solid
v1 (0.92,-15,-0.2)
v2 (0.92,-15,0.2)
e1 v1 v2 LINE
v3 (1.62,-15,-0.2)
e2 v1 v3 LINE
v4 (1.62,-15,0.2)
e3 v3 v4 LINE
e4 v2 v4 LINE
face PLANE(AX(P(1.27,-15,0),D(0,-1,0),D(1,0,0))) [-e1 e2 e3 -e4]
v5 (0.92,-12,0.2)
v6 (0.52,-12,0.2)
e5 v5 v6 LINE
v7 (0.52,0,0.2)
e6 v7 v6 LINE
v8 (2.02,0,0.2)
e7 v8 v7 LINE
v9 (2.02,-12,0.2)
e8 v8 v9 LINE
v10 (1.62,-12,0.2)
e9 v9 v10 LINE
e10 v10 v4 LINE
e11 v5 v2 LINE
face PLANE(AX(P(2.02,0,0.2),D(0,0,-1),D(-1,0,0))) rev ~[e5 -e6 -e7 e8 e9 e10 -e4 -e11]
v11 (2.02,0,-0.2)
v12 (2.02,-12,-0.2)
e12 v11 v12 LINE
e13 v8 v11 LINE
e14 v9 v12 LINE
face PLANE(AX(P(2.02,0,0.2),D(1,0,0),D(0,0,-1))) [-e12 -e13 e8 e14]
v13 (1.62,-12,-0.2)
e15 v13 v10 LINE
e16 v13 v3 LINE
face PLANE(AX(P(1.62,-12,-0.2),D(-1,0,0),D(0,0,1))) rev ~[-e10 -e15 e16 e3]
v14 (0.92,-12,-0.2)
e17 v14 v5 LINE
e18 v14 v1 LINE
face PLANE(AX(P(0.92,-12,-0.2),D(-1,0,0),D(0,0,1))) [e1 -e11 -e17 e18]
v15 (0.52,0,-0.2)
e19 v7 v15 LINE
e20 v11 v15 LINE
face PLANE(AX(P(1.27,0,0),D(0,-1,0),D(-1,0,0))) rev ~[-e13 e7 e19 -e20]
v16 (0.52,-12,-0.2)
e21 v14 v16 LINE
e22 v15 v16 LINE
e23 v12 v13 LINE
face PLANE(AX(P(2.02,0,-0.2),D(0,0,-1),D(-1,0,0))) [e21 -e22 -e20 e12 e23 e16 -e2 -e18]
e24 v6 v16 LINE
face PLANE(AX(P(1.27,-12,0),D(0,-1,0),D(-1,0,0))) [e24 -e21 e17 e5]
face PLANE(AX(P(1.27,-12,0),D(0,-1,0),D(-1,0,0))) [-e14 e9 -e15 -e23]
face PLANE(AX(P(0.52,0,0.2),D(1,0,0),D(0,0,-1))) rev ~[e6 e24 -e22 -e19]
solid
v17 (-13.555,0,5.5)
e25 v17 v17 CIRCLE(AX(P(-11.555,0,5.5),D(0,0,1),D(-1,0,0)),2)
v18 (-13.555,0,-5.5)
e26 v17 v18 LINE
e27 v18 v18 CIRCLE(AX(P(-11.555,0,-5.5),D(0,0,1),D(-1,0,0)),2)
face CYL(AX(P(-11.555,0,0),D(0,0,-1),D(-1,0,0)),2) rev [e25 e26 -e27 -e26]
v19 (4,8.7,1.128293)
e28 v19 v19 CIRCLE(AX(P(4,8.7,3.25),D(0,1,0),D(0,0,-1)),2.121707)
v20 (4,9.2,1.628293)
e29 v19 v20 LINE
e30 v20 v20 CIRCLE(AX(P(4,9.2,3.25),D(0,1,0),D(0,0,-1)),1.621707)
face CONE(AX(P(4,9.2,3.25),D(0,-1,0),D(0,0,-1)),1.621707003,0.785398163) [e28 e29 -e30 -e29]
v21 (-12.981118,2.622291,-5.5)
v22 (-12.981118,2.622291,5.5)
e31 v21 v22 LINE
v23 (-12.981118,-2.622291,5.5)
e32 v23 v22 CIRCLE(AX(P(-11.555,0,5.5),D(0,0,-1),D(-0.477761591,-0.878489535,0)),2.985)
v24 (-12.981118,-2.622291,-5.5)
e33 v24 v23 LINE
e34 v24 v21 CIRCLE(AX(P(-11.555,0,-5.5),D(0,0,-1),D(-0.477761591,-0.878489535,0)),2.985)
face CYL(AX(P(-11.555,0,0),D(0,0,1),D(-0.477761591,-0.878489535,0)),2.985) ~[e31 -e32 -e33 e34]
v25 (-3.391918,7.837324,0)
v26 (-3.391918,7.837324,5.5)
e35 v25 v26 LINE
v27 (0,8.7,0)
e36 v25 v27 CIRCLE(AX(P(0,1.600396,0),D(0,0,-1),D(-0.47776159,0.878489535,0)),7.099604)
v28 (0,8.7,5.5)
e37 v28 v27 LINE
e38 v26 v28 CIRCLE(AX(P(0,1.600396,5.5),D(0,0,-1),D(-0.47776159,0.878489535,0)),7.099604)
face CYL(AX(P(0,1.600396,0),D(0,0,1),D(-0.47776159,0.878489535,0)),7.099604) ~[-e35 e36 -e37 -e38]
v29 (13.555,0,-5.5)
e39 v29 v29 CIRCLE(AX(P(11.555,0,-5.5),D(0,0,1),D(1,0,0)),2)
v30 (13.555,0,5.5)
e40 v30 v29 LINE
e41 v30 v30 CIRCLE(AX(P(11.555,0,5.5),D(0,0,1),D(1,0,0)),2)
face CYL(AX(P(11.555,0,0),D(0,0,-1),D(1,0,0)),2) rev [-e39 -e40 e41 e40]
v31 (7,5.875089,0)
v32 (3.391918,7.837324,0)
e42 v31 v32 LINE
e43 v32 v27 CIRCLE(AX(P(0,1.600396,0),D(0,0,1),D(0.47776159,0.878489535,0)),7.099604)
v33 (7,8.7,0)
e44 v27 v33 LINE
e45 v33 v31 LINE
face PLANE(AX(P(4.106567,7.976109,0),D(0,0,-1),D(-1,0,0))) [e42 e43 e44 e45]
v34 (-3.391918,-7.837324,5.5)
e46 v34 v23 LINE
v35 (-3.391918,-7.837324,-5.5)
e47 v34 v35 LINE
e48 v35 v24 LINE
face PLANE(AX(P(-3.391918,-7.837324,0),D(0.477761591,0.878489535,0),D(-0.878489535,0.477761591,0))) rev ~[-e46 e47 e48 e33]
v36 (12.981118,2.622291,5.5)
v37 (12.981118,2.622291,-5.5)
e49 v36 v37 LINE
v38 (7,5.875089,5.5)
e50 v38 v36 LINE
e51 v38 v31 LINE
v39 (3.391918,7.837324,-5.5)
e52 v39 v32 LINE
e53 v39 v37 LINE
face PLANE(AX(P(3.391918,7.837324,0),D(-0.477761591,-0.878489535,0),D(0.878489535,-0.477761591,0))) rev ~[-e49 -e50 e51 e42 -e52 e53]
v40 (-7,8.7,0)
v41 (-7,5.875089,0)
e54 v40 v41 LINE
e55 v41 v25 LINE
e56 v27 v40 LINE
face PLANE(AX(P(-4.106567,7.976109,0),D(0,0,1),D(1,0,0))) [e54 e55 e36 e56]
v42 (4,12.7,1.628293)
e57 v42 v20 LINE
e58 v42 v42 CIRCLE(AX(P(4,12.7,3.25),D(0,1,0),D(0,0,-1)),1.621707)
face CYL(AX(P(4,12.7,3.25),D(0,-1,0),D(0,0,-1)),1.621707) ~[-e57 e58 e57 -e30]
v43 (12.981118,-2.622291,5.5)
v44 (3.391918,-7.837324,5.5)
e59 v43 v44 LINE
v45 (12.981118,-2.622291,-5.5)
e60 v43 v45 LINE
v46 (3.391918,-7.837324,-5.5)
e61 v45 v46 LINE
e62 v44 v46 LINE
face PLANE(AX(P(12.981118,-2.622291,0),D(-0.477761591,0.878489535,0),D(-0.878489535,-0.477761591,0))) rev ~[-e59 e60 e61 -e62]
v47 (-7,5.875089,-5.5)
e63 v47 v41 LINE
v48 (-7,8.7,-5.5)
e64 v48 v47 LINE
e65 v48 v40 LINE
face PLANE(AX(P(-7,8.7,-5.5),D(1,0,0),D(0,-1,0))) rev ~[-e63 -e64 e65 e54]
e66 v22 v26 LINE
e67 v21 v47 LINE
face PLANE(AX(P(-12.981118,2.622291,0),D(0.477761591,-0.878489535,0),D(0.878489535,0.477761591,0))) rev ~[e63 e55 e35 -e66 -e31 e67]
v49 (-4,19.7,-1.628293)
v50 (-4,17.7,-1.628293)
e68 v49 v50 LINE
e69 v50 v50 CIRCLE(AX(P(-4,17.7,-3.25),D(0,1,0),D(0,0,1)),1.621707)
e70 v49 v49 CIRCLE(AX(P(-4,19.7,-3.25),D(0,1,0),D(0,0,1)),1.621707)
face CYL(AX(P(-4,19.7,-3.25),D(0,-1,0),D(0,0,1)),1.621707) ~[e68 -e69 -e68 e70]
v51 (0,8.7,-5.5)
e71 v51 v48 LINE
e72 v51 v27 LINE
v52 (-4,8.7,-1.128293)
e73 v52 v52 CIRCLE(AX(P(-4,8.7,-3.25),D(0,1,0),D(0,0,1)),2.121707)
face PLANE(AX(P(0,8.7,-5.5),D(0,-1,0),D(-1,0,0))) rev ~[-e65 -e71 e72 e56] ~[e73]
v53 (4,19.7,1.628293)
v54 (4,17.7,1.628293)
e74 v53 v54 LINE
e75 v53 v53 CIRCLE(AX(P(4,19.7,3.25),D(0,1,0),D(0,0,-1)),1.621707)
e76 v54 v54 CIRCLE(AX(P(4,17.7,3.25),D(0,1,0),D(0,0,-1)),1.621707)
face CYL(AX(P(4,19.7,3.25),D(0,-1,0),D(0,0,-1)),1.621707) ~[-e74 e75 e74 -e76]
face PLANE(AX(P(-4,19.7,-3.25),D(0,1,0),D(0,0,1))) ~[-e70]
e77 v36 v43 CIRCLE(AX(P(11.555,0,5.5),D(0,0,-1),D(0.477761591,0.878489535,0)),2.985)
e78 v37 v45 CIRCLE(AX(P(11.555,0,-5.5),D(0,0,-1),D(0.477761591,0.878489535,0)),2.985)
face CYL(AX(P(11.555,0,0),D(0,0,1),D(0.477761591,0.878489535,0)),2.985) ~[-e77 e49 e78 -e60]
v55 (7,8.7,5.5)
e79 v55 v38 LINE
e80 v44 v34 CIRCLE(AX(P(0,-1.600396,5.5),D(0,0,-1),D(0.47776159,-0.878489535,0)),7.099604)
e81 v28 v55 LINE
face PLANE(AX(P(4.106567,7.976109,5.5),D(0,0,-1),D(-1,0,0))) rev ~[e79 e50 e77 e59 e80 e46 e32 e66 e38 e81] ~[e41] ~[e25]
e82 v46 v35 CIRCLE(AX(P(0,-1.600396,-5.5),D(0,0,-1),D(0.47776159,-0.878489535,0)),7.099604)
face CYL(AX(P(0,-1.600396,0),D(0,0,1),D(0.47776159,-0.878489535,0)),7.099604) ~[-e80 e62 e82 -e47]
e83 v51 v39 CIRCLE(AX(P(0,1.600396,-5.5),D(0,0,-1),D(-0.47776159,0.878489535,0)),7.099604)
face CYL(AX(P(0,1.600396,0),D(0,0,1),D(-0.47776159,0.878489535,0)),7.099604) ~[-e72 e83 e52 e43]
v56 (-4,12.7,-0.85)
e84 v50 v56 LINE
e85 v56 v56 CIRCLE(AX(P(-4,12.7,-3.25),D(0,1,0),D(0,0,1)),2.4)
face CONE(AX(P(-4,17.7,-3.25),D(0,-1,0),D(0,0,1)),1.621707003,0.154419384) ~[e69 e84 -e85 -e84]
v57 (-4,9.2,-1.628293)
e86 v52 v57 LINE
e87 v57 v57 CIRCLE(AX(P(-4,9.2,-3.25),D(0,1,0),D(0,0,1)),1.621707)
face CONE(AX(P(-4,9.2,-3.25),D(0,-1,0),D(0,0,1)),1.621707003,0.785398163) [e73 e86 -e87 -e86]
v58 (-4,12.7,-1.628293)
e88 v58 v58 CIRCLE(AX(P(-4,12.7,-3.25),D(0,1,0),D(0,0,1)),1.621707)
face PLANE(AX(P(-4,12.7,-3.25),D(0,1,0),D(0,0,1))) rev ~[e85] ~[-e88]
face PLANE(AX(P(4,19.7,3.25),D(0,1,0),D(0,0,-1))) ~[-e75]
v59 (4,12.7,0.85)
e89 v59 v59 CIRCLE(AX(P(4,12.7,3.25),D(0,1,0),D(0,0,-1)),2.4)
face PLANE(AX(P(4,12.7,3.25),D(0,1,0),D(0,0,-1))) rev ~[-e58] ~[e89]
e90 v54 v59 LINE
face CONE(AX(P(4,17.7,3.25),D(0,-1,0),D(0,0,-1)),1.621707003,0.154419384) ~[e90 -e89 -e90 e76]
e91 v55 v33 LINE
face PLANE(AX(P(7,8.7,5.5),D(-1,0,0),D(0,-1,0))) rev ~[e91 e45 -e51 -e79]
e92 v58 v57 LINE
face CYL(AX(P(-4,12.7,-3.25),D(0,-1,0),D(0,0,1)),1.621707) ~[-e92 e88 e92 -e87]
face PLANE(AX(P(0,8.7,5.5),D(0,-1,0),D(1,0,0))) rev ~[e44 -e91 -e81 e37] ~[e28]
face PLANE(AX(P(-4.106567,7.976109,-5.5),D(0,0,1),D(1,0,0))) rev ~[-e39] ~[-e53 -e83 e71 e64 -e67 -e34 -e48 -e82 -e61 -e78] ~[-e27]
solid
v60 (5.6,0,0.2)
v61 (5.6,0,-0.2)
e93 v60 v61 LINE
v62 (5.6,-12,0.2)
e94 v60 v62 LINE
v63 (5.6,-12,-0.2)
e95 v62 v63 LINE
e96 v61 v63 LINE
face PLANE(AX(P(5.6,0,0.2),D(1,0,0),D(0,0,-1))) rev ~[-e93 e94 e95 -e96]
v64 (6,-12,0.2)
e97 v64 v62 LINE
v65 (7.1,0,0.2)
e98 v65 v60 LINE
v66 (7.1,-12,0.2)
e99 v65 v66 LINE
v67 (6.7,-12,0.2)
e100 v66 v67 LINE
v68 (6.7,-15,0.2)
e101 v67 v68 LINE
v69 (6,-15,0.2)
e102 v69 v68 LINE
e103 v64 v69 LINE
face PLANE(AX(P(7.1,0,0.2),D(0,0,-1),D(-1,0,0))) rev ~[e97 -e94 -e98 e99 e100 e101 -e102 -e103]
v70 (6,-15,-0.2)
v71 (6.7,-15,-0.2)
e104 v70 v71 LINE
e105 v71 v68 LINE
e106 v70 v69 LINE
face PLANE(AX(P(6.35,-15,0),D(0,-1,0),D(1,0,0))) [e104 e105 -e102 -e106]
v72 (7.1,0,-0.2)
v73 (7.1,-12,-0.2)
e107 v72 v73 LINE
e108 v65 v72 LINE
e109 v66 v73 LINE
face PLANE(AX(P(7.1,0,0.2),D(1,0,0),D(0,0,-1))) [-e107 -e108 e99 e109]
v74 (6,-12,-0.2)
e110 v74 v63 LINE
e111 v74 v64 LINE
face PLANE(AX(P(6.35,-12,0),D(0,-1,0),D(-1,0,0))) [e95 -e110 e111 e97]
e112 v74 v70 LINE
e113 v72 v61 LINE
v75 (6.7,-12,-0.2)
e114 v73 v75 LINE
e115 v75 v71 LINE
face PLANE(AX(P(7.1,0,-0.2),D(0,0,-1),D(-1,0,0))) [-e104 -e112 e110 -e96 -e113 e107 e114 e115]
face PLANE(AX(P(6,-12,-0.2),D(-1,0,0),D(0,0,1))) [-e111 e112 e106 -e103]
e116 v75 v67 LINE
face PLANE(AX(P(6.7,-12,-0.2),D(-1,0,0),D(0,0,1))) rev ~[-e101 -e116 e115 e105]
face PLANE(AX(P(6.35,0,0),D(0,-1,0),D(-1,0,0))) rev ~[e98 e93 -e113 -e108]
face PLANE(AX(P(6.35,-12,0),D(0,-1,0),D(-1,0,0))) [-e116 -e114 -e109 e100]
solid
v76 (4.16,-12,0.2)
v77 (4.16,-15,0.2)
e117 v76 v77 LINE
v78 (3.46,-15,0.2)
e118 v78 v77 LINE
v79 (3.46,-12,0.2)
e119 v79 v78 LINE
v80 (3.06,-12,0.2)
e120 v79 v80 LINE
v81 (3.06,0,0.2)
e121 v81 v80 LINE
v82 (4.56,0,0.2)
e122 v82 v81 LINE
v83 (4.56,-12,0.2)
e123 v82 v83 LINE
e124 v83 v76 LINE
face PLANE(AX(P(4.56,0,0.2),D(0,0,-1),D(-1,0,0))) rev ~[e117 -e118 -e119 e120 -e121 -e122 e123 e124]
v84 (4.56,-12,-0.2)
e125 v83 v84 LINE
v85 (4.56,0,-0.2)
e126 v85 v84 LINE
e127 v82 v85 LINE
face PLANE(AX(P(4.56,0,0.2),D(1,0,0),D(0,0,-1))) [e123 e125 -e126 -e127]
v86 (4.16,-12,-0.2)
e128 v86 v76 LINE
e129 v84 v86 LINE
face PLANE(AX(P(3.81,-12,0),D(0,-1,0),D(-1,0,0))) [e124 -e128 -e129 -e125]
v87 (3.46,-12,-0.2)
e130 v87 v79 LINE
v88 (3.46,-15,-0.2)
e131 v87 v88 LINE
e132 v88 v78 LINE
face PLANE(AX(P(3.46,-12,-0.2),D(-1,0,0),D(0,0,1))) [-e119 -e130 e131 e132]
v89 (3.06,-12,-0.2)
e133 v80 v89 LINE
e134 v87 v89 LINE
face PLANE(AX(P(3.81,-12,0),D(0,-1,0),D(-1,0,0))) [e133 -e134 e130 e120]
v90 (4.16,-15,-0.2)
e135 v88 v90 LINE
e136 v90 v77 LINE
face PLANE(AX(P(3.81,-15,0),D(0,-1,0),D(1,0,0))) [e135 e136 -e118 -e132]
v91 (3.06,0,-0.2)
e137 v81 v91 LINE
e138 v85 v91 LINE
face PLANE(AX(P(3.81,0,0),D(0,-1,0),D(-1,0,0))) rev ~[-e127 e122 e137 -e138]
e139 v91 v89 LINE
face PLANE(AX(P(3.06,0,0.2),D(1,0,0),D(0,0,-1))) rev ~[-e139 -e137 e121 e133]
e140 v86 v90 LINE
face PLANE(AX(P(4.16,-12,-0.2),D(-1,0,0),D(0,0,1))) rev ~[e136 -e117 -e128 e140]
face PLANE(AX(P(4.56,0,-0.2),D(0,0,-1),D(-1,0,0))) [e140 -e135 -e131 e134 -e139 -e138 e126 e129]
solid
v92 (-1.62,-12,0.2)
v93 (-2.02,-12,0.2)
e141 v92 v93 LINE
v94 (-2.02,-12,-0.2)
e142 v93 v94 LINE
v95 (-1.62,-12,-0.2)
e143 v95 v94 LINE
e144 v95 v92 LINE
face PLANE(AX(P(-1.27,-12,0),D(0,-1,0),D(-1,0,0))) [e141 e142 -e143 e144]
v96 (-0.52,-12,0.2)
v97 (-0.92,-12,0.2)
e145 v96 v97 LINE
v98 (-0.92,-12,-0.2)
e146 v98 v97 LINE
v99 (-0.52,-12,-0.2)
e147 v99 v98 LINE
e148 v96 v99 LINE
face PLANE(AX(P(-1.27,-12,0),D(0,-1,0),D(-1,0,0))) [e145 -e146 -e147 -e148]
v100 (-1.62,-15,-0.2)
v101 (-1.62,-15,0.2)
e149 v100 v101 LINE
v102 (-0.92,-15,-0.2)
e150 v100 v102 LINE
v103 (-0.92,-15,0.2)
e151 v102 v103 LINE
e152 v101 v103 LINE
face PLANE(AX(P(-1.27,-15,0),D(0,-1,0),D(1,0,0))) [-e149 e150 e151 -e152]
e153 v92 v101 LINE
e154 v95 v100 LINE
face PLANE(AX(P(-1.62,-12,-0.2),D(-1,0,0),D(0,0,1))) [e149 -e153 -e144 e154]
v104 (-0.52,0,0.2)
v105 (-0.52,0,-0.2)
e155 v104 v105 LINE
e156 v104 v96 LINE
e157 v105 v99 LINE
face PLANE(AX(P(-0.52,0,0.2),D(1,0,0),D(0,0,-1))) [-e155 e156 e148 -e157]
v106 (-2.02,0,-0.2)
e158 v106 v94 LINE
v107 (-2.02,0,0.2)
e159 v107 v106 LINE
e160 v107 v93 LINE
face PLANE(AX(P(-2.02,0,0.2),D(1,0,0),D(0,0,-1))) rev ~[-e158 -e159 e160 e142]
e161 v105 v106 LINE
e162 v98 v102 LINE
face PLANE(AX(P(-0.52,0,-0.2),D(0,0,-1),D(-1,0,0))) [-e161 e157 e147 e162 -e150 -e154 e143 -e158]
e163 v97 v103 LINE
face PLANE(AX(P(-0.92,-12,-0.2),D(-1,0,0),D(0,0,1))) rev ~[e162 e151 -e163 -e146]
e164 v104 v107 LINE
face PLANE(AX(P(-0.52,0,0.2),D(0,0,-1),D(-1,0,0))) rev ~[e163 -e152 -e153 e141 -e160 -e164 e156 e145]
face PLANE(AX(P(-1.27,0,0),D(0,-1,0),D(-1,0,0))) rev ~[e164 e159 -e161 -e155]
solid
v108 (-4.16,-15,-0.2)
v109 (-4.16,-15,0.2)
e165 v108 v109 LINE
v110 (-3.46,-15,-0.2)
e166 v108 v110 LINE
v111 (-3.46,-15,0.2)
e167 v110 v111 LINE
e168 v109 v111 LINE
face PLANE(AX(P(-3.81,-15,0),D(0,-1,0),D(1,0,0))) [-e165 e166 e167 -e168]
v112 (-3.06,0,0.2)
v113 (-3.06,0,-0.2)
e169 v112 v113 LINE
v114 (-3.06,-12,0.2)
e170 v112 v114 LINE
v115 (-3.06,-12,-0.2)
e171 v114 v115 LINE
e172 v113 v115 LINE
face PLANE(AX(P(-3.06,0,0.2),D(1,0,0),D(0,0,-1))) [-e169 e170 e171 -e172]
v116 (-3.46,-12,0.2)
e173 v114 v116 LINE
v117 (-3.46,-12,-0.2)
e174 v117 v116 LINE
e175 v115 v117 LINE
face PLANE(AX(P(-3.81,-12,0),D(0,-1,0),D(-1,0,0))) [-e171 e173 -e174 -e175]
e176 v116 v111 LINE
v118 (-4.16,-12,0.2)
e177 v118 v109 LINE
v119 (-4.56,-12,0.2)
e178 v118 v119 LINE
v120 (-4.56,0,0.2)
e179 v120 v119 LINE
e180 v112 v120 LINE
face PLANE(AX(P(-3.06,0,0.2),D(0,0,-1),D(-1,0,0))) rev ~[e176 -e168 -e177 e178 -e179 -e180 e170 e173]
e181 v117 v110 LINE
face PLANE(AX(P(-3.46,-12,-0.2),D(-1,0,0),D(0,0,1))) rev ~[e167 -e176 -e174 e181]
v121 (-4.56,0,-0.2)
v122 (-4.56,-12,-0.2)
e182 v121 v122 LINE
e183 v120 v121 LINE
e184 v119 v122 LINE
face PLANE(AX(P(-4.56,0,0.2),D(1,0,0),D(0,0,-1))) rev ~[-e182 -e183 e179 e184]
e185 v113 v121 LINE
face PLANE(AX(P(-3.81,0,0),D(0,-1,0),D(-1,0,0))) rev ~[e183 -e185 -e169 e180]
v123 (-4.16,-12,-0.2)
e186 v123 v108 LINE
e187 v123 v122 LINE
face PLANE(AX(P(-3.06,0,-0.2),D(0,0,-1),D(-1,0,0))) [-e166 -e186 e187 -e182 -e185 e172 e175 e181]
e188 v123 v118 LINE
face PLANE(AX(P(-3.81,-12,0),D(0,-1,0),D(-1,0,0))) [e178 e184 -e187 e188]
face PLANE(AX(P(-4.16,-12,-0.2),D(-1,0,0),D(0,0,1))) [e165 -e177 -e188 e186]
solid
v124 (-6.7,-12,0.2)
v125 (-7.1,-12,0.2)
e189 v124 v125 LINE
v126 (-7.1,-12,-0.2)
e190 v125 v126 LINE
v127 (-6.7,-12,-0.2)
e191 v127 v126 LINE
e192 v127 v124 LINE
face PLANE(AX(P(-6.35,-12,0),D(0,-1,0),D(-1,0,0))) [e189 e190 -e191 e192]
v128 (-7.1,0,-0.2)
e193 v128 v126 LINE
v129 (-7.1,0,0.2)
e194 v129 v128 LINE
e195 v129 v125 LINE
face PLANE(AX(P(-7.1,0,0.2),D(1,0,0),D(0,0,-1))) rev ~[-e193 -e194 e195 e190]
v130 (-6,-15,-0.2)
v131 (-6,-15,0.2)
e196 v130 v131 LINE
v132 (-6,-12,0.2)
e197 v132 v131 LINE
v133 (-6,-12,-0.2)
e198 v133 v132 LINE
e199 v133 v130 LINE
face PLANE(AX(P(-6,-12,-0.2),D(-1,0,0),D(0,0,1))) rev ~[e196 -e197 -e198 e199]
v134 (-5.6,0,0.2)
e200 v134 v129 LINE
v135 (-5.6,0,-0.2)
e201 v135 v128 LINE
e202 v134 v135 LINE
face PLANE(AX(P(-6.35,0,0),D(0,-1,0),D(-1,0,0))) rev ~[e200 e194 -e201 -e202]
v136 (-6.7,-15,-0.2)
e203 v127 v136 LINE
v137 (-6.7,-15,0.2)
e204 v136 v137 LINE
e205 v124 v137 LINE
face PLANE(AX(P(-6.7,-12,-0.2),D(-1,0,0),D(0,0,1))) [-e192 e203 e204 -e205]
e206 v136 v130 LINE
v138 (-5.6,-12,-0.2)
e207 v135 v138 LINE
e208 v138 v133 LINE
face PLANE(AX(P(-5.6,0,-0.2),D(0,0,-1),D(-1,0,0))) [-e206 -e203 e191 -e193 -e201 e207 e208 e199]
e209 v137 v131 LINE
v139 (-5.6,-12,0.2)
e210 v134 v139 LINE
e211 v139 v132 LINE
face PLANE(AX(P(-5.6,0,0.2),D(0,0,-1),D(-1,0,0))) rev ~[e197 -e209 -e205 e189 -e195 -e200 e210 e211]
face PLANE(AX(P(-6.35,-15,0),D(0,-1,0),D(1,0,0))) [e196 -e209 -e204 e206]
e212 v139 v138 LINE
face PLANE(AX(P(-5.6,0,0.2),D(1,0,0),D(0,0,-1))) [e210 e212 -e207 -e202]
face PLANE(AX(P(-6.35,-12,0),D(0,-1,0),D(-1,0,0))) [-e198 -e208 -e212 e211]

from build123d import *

# Parameters (mm, degrees)
ESQUISSE1_R                  = 2
BOSS_EXTRU_1_DEPTH           = 5.5
BOSS_EXTRU_3_DEPTH           = 5.5
R_P_TITION_CIRCULAIRE1_COUNT = 2
CHANFREIN1_SIZE              = 0.5
ESQUISSE5_W                  = 1.5
ESQUISSE5_H                  = 0.4
BOSS_EXTRU_4_DEPTH           = 12
BOSS_EXTRU_4_2_DEPTH         = 12
BOSS_EXTRU_4_3_DEPTH         = 12
BOSS_EXTRU_4_4_DEPTH         = 12
BOSS_EXTRU_4_5_DEPTH         = 12
BOSS_EXTRU_4_6_DEPTH         = 12
ESQUISSE6_W                  = 0.7
ESQUISSE6_H                  = 0.4
BOSS_EXTRU_5_DEPTH           = 3


with BuildPart() as part:
    # Esquisse1 → Boss.-Extru.1 (new, symmetric)
    with BuildSketch(Plane.XY):
        with BuildLine():
            Line((3.391918261, 7.837323774), (12.981118348, 2.622291261))
            ThreePointArc((12.981118348, 2.622291261), (14.54, 0), (12.981118348, -2.622291261))
            Line((12.981118348, -2.622291261), (3.391918261, -7.837323774))
            ThreePointArc((3.391918261, -7.837323774), (0, -8.7), (-3.391918261, -7.837323774))
            Line((-3.391918261, -7.837323774), (-12.981118348, -2.622291261))
            ThreePointArc((-12.981118348, -2.622291261), (-14.54, 0), (-12.981118348, 2.622291261))
            Line((-12.981118348, 2.622291261), (-3.391918261, 7.837323774))
            ThreePointArc((-3.391918261, 7.837323774), (0, 8.7), (3.391918261, 7.837323774))
        make_face()
        with Locations((11.555, 0)):
            Circle(ESQUISSE1_R, mode=Mode.SUBTRACT)
        with Locations((-11.555, 0)):
            Circle(ESQUISSE1_R, mode=Mode.SUBTRACT)
    extrude(amount=BOSS_EXTRU_1_DEPTH, both=True)

    # Esquisse3 → Boss.-Extru.3 (add)
    with BuildSketch(Plane.XY.offset(5.5)):
        with BuildLine():
            Line((0, 8.7), (7, 8.7))
            Line((7, 8.7), (7, 5.875088821))
            Line((7, 5.875088821), (3.391918261, 7.837323774))
            ThreePointArc((3.391918261, 7.837323774), (1.749951411, 8.480951731), (0, 8.7))
        make_face()
    boss_extru_3 = extrude(amount=-BOSS_EXTRU_3_DEPTH)

    # Esquisse4 → Révolution1 (revolve)
    with BuildSketch(Plane.XY.offset(3.25)):
        Polygon((4, 8.7), (4, 19.7), (2.378292997, 19.7), (2.378292997, 17.7), (1.6, 12.7), (2.378292997, 12.7), (2.378292997, 8.7), align=None)
    r_volution1 = revolve(axis=Axis((4, 8.7, 3.25), (0, 1, 0)))

    # Répétition circulaire1: Boss.-Extru.3, Révolution1 ×2 about axis
    r_p_tition_circulaire1_axis = Axis((0, -10.12, 0), (0, 1, 0))
    add([boss_extru_3.rotate(r_p_tition_circulaire1_axis, i * 360 / R_P_TITION_CIRCULAIRE1_COUNT) for i in range(1, R_P_TITION_CIRCULAIRE1_COUNT)])
    add([r_volution1.rotate(r_p_tition_circulaire1_axis, i * 360 / R_P_TITION_CIRCULAIRE1_COUNT) for i in range(1, R_P_TITION_CIRCULAIRE1_COUNT)])

    # Chanfrein1
    chanfrein1_edges = [part.edges().sort_by_distance(p)[0] for p in [
        (-5.621707003, 8.7, -3.25),
        (5.621707003, 8.7, 3.25),
    ]]
    chamfer(chanfrein1_edges, length=CHANFREIN1_SIZE)


with BuildPart() as body_2:
    # Esquisse5 → Boss.-Extru.4 (new body)
    with BuildSketch(Plane(origin=(0, 0, 0), x_dir=(-1, 0, 0), z_dir=(0, -1, 0))):
        with Locations((1.27, 0)):
            Rectangle(ESQUISSE5_W, ESQUISSE5_H)
    extrude(amount=BOSS_EXTRU_4_DEPTH)



with BuildPart() as body_3:
    # Esquisse5 → Boss.-Extru.4 2 (new body)
    with BuildSketch(Plane(origin=(0, 0, 0), x_dir=(-1, 0, 0), z_dir=(0, -1, 0))):
        with Locations((3.81, 0)):
            Rectangle(ESQUISSE5_W, ESQUISSE5_H)
    extrude(amount=BOSS_EXTRU_4_2_DEPTH)


with BuildPart() as body_4:
    # Esquisse5 → Boss.-Extru.4 3 (new body)
    with BuildSketch(Plane(origin=(0, 0, 0), x_dir=(-1, 0, 0), z_dir=(0, -1, 0))):
        with Locations((6.35, 0)):
            Rectangle(ESQUISSE5_W, ESQUISSE5_H)
    extrude(amount=BOSS_EXTRU_4_3_DEPTH)


with BuildPart() as body_5:
    # Esquisse5 → Boss.-Extru.4 4 (new body)
    with BuildSketch(Plane(origin=(0, 0, 0), x_dir=(-1, 0, 0), z_dir=(0, -1, 0))):
        with Locations((-6.35, 0)):
            Rectangle(ESQUISSE5_W, ESQUISSE5_H)
    extrude(amount=BOSS_EXTRU_4_4_DEPTH)


with BuildPart() as body_6:
    # Esquisse5 → Boss.-Extru.4 5 (new body)
    with BuildSketch(Plane(origin=(0, 0, 0), x_dir=(-1, 0, 0), z_dir=(0, -1, 0))):
        with Locations((-3.81, 0)):
            Rectangle(ESQUISSE5_W, ESQUISSE5_H)
    extrude(amount=BOSS_EXTRU_4_5_DEPTH)


with BuildPart() as body_7:
    # Esquisse5 → Boss.-Extru.4 6 (new body)
    with BuildSketch(Plane(origin=(0, 0, 0), x_dir=(-1, 0, 0), z_dir=(0, -1, 0))):
        with Locations((-1.27, 0)):
            Rectangle(ESQUISSE5_W, ESQUISSE5_H)
    extrude(amount=BOSS_EXTRU_4_6_DEPTH)


with BuildPart() as body_2_1:
    add(body_2.part)

    add(body_3.part)  # Boss.-Extru.5 merges body 3

    add(body_4.part)  # Boss.-Extru.5 merges body 4

    add(body_5.part)  # Boss.-Extru.5 merges body 5

    add(body_6.part)  # Boss.-Extru.5 merges body 6

    add(body_7.part)  # Boss.-Extru.5 merges body 7
    # Esquisse6 → Boss.-Extru.5 (add)
    with BuildSketch(Plane.XZ.offset(12)):
        with Locations((6.35, 0)):
            Rectangle(ESQUISSE6_W, ESQUISSE6_H)
        with Locations((3.81, 0)):
            Rectangle(ESQUISSE6_W, ESQUISSE6_H)
        with Locations((1.27, 0)):
            Rectangle(ESQUISSE6_W, ESQUISSE6_H)
        with Locations((-1.27, 0)):
            Rectangle(ESQUISSE6_W, ESQUISSE6_H)
        with Locations((-3.81, 0)):
            Rectangle(ESQUISSE6_W, ESQUISSE6_H)
        with Locations((-6.35, 0)):
            Rectangle(ESQUISSE6_W, ESQUISSE6_H)
    extrude(amount=BOSS_EXTRU_5_DEPTH)


solid = Compound([part.part, body_2_1.part])
